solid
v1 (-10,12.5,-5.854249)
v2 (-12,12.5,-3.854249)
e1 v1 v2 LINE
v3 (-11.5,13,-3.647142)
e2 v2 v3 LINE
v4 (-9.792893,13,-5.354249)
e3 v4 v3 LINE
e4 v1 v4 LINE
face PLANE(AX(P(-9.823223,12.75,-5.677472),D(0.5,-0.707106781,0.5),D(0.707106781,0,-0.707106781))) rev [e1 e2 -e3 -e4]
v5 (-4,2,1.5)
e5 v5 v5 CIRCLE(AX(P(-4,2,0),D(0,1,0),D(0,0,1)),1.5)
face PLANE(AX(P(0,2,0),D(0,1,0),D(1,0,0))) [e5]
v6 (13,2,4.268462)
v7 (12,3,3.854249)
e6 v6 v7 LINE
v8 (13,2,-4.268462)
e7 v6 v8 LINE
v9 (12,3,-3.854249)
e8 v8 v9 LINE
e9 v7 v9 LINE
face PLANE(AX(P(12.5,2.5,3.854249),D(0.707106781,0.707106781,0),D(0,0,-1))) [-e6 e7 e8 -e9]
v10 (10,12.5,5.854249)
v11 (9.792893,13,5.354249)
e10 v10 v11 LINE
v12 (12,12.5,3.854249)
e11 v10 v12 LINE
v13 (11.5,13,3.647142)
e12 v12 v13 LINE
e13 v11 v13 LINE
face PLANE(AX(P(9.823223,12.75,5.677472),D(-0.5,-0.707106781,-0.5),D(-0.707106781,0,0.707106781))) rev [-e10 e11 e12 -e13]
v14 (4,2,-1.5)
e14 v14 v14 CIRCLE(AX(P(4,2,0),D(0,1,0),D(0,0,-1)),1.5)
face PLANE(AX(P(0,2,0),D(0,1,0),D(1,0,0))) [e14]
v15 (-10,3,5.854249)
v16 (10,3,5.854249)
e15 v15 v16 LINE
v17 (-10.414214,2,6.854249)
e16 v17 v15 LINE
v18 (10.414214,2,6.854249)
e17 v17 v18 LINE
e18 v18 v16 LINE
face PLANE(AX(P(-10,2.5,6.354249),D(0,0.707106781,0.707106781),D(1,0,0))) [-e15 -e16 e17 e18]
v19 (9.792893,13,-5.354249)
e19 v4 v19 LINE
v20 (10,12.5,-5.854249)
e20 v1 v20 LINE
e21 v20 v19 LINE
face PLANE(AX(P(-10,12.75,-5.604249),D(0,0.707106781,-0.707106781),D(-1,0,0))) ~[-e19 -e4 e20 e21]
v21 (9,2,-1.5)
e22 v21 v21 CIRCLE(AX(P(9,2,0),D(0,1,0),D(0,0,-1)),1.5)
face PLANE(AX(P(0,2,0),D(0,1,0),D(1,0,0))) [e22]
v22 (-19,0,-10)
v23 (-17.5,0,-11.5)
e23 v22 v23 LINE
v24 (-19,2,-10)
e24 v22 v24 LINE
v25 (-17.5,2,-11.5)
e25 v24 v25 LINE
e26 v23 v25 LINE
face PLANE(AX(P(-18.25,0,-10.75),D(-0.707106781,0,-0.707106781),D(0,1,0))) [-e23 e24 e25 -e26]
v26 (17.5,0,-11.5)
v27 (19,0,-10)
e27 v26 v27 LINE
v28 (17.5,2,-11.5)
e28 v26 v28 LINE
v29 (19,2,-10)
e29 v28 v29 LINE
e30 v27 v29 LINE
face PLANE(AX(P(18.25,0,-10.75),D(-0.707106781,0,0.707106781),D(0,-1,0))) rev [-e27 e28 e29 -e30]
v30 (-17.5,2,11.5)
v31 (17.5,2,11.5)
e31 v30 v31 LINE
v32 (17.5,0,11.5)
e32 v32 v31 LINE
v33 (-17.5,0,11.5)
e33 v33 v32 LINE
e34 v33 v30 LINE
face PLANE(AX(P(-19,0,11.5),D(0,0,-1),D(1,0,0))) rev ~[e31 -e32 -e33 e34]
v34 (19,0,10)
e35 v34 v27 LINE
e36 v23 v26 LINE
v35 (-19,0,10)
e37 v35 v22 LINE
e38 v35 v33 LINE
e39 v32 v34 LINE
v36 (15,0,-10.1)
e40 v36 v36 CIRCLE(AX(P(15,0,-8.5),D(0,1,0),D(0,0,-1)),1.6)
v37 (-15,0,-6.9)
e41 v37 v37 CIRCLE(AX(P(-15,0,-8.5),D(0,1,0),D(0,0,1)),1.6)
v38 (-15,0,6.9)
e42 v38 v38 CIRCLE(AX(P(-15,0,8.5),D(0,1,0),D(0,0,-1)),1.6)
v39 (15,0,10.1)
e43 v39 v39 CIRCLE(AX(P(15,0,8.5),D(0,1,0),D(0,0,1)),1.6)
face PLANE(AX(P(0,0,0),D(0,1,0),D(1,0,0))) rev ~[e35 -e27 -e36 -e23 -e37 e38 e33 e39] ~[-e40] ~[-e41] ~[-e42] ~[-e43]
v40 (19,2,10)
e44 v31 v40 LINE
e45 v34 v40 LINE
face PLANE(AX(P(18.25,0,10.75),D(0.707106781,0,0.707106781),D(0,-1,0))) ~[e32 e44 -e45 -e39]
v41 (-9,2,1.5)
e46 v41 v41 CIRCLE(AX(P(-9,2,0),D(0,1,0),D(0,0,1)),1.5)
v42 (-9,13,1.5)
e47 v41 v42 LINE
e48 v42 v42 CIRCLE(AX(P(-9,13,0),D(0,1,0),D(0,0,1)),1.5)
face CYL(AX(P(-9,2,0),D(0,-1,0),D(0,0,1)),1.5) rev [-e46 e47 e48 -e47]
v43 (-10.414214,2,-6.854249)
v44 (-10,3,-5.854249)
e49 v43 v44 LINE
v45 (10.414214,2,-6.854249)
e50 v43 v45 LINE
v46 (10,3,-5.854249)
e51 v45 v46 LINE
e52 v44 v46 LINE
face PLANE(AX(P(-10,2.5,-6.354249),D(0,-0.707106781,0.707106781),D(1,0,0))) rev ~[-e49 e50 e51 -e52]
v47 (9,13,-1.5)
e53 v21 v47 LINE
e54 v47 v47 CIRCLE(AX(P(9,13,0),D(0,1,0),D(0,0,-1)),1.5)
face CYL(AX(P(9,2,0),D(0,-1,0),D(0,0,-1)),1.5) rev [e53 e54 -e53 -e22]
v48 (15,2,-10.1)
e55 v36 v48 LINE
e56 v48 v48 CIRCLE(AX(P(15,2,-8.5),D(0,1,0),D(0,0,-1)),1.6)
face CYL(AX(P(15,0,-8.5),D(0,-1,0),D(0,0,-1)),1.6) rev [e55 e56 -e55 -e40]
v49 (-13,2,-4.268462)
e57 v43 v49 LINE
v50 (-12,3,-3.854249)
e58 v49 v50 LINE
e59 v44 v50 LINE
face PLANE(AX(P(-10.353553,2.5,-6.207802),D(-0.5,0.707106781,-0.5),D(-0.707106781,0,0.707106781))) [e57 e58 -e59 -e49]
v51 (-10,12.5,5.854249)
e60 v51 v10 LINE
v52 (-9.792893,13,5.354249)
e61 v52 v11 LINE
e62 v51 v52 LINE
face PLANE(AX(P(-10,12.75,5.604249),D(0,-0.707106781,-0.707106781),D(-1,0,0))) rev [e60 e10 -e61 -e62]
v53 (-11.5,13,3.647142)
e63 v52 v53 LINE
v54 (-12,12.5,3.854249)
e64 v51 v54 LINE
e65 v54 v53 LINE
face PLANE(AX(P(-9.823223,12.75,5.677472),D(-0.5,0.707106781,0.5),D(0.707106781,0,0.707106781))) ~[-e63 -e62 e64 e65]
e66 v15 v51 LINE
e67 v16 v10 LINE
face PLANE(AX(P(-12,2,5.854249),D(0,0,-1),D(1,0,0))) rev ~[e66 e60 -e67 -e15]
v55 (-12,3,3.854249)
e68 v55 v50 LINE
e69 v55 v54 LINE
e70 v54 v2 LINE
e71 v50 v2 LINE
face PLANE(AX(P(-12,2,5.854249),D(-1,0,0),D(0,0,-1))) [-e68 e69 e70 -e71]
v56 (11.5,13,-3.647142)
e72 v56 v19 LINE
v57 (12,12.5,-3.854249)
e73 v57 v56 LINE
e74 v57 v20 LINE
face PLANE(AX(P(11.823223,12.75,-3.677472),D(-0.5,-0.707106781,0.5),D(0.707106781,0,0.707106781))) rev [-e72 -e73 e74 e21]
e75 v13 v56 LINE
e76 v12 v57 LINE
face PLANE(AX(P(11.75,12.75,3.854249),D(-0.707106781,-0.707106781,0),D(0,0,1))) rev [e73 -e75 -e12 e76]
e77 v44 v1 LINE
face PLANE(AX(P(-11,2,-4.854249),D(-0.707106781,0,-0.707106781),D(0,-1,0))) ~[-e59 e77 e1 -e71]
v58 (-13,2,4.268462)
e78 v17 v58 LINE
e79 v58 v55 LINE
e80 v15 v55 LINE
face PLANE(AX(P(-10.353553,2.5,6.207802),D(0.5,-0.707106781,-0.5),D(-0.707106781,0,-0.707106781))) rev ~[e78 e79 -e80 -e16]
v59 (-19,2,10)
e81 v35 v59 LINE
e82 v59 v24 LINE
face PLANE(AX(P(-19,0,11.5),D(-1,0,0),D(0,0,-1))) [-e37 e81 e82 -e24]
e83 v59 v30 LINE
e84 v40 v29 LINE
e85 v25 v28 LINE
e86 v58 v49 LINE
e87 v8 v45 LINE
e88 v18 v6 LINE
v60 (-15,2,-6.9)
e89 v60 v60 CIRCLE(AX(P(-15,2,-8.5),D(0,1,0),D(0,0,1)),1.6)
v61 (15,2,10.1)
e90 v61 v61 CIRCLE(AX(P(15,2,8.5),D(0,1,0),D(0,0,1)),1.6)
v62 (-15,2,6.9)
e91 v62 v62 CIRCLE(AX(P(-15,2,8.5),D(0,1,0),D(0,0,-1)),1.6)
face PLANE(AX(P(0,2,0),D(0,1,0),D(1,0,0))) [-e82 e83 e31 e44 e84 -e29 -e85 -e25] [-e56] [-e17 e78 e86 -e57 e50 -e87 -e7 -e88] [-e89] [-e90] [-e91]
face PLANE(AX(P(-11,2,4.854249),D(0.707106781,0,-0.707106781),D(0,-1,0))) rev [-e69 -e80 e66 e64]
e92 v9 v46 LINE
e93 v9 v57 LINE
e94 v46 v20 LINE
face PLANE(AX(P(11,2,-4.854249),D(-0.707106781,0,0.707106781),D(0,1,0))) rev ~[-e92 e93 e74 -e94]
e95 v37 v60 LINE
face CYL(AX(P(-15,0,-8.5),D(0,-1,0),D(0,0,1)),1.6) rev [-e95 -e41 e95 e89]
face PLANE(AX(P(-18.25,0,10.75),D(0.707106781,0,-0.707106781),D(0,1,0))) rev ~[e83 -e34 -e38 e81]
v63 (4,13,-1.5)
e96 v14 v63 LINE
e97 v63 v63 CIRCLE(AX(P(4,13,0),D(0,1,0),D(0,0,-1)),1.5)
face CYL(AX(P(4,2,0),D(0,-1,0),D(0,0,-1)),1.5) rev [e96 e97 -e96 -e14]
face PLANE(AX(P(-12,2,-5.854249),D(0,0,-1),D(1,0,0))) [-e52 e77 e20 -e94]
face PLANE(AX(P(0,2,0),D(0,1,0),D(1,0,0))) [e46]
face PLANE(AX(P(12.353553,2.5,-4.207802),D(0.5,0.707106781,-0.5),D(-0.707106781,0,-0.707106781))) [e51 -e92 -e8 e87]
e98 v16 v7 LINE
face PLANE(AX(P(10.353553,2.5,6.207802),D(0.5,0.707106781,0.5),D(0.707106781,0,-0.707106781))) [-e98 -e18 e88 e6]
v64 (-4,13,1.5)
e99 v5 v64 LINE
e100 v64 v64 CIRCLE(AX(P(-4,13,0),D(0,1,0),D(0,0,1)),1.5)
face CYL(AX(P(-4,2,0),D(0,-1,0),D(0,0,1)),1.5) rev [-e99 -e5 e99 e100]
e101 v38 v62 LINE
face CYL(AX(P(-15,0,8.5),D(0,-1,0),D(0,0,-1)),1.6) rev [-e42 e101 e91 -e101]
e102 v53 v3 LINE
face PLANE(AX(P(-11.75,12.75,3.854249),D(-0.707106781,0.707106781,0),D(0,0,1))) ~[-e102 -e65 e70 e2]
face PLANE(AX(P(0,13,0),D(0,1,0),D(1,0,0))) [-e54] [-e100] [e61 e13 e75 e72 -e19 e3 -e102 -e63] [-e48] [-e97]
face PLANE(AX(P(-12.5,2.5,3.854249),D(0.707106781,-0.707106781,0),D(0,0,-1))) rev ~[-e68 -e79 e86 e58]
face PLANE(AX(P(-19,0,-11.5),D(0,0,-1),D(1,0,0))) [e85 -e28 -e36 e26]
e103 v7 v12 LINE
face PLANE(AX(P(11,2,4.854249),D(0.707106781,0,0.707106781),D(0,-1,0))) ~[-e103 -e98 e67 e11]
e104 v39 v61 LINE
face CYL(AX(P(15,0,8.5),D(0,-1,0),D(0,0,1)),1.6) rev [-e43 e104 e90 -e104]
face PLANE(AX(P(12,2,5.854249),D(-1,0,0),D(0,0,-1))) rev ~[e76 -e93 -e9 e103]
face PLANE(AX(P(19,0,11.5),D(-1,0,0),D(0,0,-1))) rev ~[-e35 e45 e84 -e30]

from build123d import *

# Parameters (mm, degrees)
SKETCH1_W           = 38
SKETCH1_H           = 23
SKETCH1_R           = 1.6
BOSS_EXTRUDE1_DEPTH = 2
SKETCH2_W           = 24
SKETCH2_H           = 11.708497378
SKETCH2_R           = 1.5
BOSS_EXTRUDE2_DEPTH = 11
CHAMFER1_SIZE       = 2
CHAMFER2_SIZE       = 1
CHAMFER3_SIZE       = 1.5
CHAMFER4_SIZE       = 0.5


with BuildPart() as part:
    # Sketch1 → Boss-Extrude1 (new body)
    with BuildSketch(Plane(origin=(0, 0, 0), x_dir=(1, 0, 0), z_dir=(0, 1, 0))):
        Rectangle(SKETCH1_W, SKETCH1_H)
        with Locations(Location((-15, 8.5, 0), (0, 0, 270))):
            Circle(SKETCH1_R, mode=Mode.SUBTRACT)
        with Locations(Location((15, 8.5, 0), (0, 0, 90))):
            Circle(SKETCH1_R, mode=Mode.SUBTRACT)
        with Locations(Location((15, -8.5, 0), (0, 0, 270))):
            Circle(SKETCH1_R, mode=Mode.SUBTRACT)
        with Locations(Location((-15, -8.5, 0), (0, 0, 90))):
            Circle(SKETCH1_R, mode=Mode.SUBTRACT)
    extrude(amount=BOSS_EXTRUDE1_DEPTH)

    # Sketch2 → Boss-Extrude2 (add)
    with BuildSketch(Plane(origin=(0, 2, 0), x_dir=(1, 0, 0), z_dir=(0, 1, 0))):
        Rectangle(SKETCH2_W, SKETCH2_H)
        with Locations(Location((-9, 0, 0), (0, 0, 270))):
            Circle(SKETCH2_R, mode=Mode.SUBTRACT)
        with Locations(Location((-4, 0, 0), (0, 0, 270))):
            Circle(SKETCH2_R, mode=Mode.SUBTRACT)
        with Locations(Location((4, 0, 0), (0, 0, 90))):
            Circle(SKETCH2_R, mode=Mode.SUBTRACT)
        with Locations(Location((9, 0, 0), (0, 0, 90))):
            Circle(SKETCH2_R, mode=Mode.SUBTRACT)
    extrude(amount=BOSS_EXTRUDE2_DEPTH)

    # Chamfer1
    chamfer1_edges = [part.edges().sort_by_distance(p)[0] for p in [
        (12, 7.5, 5.854248689),
        (12, 7.5, -5.854248689),
        (-12, 7.5, -5.854248689),
        (-12, 7.5, 5.854248689),
    ]]
    chamfer(chamfer1_edges, length=CHAMFER1_SIZE)

    # Chamfer2
    chamfer2_edges = [part.edges().sort_by_distance(p)[0] for p in [
        (0, 2, 5.854248689),
        (-12, 2, 0),
        (0, 2, -5.854248689),
        (12, 2, 0),
        (-11, 2, 4.854248689),
        (-11, 2, -4.854248689),
        (11, 2, -4.854248689),
        (11, 2, 4.854248689),
    ]]
    chamfer(chamfer2_edges, length=CHAMFER2_SIZE)

    # Chamfer3
    chamfer3_edges = [part.edges().sort_by_distance(p)[0] for p in [
        (19, 1, 11.5),
        (-19, 1, 11.5),
        (-19, 1, -11.5),
        (19, 1, -11.5),
    ]]
    chamfer(chamfer3_edges, length=CHAMFER3_SIZE)

    # Chamfer4
    chamfer4_edges = [part.edges().sort_by_distance(p)[0] for p in [
        (0, 13, 5.854248689),
        (-12, 13, 0),
        (12, 13, 0),
        (0, 13, -5.854248689),
        (11, 13, 4.854248689),
        (11, 13, -4.854248689),
        (-11, 13, -4.854248689),
        (-11, 13, 4.854248689),
    ]]
    chamfer(chamfer4_edges, length=CHAMFER4_SIZE)


solid = part.part
